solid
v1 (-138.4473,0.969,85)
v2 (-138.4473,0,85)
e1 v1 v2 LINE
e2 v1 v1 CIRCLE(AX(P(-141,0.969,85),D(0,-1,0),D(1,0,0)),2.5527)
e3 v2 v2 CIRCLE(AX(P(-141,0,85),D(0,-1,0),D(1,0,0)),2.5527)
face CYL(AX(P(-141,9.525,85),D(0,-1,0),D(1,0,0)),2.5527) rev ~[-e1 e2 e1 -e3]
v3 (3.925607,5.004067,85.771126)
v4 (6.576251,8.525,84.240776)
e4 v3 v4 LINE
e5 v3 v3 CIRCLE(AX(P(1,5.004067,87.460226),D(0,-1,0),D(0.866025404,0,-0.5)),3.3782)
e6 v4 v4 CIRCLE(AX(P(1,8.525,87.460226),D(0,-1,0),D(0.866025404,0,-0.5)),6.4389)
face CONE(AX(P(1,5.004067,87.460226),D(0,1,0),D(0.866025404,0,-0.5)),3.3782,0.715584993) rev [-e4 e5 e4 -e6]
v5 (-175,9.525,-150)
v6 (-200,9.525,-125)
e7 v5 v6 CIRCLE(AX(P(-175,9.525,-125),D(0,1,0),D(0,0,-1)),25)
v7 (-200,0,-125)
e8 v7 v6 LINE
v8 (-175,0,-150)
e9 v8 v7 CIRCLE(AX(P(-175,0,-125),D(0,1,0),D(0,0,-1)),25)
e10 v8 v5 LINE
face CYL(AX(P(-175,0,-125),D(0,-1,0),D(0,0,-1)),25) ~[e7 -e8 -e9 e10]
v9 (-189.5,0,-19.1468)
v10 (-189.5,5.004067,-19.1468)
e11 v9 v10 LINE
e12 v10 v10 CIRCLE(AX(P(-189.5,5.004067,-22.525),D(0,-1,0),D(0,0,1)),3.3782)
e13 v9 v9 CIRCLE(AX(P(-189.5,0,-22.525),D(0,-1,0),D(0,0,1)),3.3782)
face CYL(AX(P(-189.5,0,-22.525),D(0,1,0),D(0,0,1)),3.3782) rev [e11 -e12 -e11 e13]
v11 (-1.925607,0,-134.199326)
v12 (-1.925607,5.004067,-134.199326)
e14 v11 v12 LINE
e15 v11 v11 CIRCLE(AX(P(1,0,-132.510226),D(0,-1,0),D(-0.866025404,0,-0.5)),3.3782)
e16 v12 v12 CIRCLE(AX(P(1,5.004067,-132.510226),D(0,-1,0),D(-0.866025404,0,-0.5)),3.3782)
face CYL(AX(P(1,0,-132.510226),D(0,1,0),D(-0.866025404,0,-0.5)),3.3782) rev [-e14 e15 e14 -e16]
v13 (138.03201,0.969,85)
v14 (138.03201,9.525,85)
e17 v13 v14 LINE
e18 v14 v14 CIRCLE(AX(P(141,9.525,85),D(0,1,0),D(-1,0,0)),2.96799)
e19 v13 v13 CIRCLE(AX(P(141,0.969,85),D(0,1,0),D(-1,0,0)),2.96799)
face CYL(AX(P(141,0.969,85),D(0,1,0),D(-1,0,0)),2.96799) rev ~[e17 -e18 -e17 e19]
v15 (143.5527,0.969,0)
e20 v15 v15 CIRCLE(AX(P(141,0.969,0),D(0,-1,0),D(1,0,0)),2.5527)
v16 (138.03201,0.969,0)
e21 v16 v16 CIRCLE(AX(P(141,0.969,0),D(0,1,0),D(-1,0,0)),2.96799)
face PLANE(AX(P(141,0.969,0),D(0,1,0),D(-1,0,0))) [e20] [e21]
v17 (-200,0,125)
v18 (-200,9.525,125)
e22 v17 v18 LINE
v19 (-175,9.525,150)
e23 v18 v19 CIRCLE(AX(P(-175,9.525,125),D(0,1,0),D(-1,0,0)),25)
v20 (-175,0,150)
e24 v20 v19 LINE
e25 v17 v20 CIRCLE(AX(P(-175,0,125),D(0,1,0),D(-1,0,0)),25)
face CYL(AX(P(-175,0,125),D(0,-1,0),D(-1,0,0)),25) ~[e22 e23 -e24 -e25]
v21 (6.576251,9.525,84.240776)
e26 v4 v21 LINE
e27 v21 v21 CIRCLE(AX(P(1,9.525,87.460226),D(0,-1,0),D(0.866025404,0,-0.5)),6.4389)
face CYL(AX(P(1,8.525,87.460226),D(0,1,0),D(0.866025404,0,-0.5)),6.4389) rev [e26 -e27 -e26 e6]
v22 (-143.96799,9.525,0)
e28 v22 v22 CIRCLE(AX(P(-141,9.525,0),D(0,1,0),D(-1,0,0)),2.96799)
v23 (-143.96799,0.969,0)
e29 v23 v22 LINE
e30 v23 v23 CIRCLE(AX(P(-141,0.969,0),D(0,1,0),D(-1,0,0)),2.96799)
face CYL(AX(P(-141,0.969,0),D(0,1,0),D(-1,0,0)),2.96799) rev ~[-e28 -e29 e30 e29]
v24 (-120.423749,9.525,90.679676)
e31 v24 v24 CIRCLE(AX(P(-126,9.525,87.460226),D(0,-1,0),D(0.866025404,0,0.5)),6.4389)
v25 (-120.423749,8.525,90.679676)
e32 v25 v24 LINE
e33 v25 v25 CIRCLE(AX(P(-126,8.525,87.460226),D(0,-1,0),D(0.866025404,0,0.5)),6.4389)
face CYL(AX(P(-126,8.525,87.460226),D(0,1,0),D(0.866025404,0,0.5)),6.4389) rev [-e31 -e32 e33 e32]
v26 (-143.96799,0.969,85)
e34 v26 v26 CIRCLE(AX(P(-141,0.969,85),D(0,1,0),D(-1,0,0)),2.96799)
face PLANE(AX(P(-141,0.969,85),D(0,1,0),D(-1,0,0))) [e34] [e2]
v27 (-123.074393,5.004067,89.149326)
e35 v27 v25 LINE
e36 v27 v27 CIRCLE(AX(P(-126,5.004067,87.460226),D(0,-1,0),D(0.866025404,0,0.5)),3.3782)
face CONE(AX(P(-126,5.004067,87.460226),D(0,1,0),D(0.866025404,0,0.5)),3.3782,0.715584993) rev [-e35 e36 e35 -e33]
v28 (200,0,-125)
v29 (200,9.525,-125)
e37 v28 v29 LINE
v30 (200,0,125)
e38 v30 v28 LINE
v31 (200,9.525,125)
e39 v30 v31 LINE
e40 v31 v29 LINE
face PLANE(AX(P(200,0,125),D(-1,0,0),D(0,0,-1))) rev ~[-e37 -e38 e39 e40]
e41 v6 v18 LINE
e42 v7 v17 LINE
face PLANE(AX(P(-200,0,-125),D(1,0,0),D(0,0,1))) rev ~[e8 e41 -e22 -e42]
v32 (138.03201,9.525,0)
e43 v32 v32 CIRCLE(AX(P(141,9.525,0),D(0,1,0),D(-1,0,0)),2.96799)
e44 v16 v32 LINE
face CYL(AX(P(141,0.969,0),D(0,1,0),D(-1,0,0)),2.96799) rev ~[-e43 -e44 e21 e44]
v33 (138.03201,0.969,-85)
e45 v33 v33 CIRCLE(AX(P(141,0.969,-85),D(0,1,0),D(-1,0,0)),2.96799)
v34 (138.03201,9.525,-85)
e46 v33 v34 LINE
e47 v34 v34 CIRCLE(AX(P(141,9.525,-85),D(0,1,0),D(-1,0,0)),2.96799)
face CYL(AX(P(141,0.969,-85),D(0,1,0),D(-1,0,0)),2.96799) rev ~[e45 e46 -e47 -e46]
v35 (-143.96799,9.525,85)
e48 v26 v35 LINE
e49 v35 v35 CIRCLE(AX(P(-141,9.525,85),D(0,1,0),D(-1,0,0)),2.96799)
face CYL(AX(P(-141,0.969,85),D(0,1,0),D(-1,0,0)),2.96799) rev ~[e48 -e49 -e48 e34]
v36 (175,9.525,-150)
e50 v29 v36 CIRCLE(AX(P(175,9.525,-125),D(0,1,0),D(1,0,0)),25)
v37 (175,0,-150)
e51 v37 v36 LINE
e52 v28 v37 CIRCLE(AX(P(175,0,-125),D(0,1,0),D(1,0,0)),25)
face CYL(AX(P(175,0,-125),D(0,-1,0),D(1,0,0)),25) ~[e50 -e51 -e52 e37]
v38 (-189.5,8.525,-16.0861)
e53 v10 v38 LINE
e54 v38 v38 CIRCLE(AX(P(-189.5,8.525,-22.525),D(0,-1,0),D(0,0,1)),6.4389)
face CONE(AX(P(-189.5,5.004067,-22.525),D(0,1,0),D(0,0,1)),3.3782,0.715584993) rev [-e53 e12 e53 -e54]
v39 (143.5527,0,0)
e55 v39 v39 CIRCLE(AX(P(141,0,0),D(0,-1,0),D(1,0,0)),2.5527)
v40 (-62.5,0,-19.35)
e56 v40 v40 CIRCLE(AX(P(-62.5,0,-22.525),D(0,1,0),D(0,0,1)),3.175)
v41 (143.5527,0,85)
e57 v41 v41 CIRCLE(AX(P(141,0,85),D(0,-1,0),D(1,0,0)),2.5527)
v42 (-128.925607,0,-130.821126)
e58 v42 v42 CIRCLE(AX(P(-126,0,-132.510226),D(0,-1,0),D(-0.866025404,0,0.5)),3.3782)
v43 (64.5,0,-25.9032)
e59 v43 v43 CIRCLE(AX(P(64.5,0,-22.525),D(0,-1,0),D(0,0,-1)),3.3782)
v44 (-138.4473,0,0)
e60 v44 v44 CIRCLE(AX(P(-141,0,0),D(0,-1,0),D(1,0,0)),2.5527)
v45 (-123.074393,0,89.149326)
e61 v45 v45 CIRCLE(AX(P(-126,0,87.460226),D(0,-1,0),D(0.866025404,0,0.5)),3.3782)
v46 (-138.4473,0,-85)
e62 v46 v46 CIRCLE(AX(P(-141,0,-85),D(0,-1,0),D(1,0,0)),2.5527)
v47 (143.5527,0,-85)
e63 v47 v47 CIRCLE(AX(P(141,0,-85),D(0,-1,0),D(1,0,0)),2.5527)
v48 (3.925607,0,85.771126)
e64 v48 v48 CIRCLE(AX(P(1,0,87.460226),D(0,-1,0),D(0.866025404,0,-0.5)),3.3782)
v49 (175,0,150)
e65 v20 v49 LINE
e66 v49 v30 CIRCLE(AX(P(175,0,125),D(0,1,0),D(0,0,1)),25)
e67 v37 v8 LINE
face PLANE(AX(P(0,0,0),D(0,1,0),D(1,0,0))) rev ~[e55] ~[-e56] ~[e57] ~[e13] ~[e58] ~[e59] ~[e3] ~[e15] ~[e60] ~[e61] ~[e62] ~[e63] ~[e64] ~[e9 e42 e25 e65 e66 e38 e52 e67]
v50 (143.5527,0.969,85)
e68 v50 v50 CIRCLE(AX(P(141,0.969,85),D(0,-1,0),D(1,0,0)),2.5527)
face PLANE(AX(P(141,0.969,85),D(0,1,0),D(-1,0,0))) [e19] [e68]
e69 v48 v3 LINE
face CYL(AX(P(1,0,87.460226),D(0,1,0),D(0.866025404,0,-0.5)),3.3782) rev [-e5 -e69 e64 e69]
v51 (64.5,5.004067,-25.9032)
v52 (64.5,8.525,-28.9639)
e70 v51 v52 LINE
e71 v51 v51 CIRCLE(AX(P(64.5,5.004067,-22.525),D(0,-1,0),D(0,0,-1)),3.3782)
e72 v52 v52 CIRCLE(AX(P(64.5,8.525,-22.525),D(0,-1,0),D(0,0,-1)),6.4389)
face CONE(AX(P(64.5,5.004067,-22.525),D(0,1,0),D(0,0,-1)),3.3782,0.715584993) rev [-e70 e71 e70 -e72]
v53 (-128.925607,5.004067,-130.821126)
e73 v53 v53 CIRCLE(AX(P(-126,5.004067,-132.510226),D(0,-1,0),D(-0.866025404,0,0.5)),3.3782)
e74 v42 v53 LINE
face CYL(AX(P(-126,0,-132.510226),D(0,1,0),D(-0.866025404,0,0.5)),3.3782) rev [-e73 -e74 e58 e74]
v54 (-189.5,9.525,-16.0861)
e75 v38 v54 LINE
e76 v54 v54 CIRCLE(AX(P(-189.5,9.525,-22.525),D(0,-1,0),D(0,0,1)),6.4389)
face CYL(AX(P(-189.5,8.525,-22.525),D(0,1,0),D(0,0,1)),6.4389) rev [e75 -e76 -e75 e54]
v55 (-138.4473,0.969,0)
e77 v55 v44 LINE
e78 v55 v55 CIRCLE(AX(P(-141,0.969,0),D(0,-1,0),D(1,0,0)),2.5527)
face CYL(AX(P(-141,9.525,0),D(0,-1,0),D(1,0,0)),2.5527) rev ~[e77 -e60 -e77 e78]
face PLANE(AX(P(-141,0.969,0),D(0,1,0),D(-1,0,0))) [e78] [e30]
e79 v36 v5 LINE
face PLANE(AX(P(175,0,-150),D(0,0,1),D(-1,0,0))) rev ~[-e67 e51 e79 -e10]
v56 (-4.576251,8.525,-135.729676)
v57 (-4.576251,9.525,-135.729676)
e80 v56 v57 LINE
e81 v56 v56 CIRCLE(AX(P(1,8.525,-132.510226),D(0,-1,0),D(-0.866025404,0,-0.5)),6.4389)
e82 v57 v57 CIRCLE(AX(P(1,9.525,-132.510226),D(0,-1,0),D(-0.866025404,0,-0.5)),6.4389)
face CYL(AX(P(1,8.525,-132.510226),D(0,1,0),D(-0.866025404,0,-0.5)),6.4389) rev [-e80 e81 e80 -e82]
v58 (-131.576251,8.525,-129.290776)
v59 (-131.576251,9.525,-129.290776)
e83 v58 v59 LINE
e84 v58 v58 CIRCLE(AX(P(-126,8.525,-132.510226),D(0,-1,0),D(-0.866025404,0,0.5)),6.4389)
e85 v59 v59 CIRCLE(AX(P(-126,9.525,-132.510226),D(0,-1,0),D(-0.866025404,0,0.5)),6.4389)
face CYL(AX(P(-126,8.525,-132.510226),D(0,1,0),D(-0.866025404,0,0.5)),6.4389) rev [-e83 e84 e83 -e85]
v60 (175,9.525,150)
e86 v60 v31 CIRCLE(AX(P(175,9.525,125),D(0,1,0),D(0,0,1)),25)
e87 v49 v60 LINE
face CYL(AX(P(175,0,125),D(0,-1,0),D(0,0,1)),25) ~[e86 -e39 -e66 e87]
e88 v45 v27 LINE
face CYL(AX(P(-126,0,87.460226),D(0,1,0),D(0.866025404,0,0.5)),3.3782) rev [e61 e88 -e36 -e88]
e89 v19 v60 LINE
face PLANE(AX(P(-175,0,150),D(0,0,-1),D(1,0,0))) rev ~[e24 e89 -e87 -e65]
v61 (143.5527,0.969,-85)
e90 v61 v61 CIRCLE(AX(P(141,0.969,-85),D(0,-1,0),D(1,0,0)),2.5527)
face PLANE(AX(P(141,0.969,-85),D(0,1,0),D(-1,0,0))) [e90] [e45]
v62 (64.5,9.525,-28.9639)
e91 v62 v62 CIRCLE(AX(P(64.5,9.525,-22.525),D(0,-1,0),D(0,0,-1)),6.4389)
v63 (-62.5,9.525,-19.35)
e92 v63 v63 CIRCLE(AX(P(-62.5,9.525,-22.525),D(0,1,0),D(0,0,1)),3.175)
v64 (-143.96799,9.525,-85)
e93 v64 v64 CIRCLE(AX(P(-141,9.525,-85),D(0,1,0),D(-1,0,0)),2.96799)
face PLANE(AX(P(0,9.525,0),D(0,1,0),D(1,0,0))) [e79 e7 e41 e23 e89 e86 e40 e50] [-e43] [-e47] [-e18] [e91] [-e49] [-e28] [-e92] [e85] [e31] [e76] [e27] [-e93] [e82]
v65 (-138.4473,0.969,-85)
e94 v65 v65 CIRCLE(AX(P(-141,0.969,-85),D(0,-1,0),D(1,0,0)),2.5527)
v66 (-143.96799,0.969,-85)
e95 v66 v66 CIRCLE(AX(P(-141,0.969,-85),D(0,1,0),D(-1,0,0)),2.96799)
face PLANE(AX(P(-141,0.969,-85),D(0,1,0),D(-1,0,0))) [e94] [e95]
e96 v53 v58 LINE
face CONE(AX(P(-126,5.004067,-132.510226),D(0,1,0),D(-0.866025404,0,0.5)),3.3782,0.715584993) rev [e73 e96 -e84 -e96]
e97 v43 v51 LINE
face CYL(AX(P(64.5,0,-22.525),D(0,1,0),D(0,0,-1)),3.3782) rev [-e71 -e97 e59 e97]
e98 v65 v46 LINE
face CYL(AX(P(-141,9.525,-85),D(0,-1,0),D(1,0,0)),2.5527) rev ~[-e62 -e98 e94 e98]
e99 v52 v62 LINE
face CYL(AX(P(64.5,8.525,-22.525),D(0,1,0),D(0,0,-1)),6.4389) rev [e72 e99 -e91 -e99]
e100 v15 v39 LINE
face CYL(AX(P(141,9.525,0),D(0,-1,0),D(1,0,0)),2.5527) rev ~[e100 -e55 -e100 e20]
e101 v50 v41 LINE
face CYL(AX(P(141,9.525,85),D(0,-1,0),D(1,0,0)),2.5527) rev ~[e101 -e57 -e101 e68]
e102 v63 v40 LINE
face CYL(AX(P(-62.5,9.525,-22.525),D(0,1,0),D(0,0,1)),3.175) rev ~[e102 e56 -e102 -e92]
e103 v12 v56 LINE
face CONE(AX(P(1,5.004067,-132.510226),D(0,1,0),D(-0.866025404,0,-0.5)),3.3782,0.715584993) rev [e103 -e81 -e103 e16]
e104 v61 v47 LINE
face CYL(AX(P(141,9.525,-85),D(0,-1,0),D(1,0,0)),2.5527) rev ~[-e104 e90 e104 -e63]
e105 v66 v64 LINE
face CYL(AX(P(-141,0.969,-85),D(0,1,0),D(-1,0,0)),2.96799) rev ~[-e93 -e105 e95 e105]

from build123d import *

# Parameters (mm, degrees)
EXTRUDE1_DEPTH                              = 9.525
SKETCH5_R                                   = 3.175
EXTRUDE2_DEPTH                              = 251.181385449
CIRPATTERN1_COUNT                           = 6
TAPPED_HOLE_FOR_10_32_HELICOIL1_D           = 5.1054
TAPPED_HOLE_FOR_10_32_HELICOIL1_CBORE_D     = 5.93598
TAPPED_HOLE_FOR_10_32_HELICOIL1_CBORE_DEPTH = 8.556


with BuildPart() as part:
    # Sketch1 → Extrude1 (new body)
    with BuildSketch(Plane(origin=(0, 0, 0), x_dir=(1, 0, 0), z_dir=(0, 1, 0))):
        with BuildLine():
            Line((-175, -150), (175, -150))
            ThreePointArc((175, -150), (192.67766953, -142.67766953), (200, -125))
            Line((200, -125), (200, 125))
            ThreePointArc((200, 125), (192.67766953, 142.67766953), (175, 150))
            Line((175, 150), (-175, 150))
            ThreePointArc((-175, 150), (-192.67766953, 142.67766953), (-200, 125))
            Line((-200, 125), (-200, -125))
            ThreePointArc((-200, -125), (-192.67766953, -142.67766953), (-175, -150))
        make_face()
    extrude(amount=EXTRUDE1_DEPTH)

    # Sketch5 → Extrude2 (cut, through all)
    with BuildSketch(Plane(origin=(0, 9.525, 0), x_dir=(1, 0, 0), z_dir=(0, 1, 0))):
        with Locations(Location((-62.5, 22.525, 0), (0, 0, 270))):
            Circle(SKETCH5_R)
    extrude(amount=-EXTRUDE2_DEPTH, mode=Mode.SUBTRACT)

    # Sketch3 → CSK for 1/4 Flat Head Machine Screw1 (revolve, cut)
    with BuildSketch(Plane(origin=(-189.5, 9.525, -22.525), x_dir=(0, 0, 1), z_dir=(1, 0, 0))):
        Polygon((0, 0), (0, 9.525), (3.3782, 9.525), (3.3782, 4.520932584), (6.4389, 1), (6.4389, 0), align=None)
    csk_for_1_4_flat_head_machine_screw1 = revolve(axis=Axis((-189.5, 15.875, -22.525), (0, -1, 0)), mode=Mode.SUBTRACT)

    # CirPattern1: CSK for 1/4 Flat Head Machine Screw1 ×6 about axis
    cirpattern1_axis = Axis((-62.5, 0, -22.525), (0, 1, 0))
    for i in range(1, CIRPATTERN1_COUNT):
        add(csk_for_1_4_flat_head_machine_screw1.rotate(cirpattern1_axis, i * 360 / CIRPATTERN1_COUNT), mode=Mode.SUBTRACT)

    # Tapped Hole for #10-32 Helicoil1 (through all)
    with Locations(Plane(origin=(0, 9.525, 0), x_dir=(-1, 0, 0), z_dir=(0, 1, 0))):
        with Locations((-141, 85), (141, -85), (141, 0), (141, 85), (-141, -85), (-141, 0)):
            CounterBoreHole(TAPPED_HOLE_FOR_10_32_HELICOIL1_D / 2, TAPPED_HOLE_FOR_10_32_HELICOIL1_CBORE_D / 2, TAPPED_HOLE_FOR_10_32_HELICOIL1_CBORE_DEPTH)


solid = part.part
